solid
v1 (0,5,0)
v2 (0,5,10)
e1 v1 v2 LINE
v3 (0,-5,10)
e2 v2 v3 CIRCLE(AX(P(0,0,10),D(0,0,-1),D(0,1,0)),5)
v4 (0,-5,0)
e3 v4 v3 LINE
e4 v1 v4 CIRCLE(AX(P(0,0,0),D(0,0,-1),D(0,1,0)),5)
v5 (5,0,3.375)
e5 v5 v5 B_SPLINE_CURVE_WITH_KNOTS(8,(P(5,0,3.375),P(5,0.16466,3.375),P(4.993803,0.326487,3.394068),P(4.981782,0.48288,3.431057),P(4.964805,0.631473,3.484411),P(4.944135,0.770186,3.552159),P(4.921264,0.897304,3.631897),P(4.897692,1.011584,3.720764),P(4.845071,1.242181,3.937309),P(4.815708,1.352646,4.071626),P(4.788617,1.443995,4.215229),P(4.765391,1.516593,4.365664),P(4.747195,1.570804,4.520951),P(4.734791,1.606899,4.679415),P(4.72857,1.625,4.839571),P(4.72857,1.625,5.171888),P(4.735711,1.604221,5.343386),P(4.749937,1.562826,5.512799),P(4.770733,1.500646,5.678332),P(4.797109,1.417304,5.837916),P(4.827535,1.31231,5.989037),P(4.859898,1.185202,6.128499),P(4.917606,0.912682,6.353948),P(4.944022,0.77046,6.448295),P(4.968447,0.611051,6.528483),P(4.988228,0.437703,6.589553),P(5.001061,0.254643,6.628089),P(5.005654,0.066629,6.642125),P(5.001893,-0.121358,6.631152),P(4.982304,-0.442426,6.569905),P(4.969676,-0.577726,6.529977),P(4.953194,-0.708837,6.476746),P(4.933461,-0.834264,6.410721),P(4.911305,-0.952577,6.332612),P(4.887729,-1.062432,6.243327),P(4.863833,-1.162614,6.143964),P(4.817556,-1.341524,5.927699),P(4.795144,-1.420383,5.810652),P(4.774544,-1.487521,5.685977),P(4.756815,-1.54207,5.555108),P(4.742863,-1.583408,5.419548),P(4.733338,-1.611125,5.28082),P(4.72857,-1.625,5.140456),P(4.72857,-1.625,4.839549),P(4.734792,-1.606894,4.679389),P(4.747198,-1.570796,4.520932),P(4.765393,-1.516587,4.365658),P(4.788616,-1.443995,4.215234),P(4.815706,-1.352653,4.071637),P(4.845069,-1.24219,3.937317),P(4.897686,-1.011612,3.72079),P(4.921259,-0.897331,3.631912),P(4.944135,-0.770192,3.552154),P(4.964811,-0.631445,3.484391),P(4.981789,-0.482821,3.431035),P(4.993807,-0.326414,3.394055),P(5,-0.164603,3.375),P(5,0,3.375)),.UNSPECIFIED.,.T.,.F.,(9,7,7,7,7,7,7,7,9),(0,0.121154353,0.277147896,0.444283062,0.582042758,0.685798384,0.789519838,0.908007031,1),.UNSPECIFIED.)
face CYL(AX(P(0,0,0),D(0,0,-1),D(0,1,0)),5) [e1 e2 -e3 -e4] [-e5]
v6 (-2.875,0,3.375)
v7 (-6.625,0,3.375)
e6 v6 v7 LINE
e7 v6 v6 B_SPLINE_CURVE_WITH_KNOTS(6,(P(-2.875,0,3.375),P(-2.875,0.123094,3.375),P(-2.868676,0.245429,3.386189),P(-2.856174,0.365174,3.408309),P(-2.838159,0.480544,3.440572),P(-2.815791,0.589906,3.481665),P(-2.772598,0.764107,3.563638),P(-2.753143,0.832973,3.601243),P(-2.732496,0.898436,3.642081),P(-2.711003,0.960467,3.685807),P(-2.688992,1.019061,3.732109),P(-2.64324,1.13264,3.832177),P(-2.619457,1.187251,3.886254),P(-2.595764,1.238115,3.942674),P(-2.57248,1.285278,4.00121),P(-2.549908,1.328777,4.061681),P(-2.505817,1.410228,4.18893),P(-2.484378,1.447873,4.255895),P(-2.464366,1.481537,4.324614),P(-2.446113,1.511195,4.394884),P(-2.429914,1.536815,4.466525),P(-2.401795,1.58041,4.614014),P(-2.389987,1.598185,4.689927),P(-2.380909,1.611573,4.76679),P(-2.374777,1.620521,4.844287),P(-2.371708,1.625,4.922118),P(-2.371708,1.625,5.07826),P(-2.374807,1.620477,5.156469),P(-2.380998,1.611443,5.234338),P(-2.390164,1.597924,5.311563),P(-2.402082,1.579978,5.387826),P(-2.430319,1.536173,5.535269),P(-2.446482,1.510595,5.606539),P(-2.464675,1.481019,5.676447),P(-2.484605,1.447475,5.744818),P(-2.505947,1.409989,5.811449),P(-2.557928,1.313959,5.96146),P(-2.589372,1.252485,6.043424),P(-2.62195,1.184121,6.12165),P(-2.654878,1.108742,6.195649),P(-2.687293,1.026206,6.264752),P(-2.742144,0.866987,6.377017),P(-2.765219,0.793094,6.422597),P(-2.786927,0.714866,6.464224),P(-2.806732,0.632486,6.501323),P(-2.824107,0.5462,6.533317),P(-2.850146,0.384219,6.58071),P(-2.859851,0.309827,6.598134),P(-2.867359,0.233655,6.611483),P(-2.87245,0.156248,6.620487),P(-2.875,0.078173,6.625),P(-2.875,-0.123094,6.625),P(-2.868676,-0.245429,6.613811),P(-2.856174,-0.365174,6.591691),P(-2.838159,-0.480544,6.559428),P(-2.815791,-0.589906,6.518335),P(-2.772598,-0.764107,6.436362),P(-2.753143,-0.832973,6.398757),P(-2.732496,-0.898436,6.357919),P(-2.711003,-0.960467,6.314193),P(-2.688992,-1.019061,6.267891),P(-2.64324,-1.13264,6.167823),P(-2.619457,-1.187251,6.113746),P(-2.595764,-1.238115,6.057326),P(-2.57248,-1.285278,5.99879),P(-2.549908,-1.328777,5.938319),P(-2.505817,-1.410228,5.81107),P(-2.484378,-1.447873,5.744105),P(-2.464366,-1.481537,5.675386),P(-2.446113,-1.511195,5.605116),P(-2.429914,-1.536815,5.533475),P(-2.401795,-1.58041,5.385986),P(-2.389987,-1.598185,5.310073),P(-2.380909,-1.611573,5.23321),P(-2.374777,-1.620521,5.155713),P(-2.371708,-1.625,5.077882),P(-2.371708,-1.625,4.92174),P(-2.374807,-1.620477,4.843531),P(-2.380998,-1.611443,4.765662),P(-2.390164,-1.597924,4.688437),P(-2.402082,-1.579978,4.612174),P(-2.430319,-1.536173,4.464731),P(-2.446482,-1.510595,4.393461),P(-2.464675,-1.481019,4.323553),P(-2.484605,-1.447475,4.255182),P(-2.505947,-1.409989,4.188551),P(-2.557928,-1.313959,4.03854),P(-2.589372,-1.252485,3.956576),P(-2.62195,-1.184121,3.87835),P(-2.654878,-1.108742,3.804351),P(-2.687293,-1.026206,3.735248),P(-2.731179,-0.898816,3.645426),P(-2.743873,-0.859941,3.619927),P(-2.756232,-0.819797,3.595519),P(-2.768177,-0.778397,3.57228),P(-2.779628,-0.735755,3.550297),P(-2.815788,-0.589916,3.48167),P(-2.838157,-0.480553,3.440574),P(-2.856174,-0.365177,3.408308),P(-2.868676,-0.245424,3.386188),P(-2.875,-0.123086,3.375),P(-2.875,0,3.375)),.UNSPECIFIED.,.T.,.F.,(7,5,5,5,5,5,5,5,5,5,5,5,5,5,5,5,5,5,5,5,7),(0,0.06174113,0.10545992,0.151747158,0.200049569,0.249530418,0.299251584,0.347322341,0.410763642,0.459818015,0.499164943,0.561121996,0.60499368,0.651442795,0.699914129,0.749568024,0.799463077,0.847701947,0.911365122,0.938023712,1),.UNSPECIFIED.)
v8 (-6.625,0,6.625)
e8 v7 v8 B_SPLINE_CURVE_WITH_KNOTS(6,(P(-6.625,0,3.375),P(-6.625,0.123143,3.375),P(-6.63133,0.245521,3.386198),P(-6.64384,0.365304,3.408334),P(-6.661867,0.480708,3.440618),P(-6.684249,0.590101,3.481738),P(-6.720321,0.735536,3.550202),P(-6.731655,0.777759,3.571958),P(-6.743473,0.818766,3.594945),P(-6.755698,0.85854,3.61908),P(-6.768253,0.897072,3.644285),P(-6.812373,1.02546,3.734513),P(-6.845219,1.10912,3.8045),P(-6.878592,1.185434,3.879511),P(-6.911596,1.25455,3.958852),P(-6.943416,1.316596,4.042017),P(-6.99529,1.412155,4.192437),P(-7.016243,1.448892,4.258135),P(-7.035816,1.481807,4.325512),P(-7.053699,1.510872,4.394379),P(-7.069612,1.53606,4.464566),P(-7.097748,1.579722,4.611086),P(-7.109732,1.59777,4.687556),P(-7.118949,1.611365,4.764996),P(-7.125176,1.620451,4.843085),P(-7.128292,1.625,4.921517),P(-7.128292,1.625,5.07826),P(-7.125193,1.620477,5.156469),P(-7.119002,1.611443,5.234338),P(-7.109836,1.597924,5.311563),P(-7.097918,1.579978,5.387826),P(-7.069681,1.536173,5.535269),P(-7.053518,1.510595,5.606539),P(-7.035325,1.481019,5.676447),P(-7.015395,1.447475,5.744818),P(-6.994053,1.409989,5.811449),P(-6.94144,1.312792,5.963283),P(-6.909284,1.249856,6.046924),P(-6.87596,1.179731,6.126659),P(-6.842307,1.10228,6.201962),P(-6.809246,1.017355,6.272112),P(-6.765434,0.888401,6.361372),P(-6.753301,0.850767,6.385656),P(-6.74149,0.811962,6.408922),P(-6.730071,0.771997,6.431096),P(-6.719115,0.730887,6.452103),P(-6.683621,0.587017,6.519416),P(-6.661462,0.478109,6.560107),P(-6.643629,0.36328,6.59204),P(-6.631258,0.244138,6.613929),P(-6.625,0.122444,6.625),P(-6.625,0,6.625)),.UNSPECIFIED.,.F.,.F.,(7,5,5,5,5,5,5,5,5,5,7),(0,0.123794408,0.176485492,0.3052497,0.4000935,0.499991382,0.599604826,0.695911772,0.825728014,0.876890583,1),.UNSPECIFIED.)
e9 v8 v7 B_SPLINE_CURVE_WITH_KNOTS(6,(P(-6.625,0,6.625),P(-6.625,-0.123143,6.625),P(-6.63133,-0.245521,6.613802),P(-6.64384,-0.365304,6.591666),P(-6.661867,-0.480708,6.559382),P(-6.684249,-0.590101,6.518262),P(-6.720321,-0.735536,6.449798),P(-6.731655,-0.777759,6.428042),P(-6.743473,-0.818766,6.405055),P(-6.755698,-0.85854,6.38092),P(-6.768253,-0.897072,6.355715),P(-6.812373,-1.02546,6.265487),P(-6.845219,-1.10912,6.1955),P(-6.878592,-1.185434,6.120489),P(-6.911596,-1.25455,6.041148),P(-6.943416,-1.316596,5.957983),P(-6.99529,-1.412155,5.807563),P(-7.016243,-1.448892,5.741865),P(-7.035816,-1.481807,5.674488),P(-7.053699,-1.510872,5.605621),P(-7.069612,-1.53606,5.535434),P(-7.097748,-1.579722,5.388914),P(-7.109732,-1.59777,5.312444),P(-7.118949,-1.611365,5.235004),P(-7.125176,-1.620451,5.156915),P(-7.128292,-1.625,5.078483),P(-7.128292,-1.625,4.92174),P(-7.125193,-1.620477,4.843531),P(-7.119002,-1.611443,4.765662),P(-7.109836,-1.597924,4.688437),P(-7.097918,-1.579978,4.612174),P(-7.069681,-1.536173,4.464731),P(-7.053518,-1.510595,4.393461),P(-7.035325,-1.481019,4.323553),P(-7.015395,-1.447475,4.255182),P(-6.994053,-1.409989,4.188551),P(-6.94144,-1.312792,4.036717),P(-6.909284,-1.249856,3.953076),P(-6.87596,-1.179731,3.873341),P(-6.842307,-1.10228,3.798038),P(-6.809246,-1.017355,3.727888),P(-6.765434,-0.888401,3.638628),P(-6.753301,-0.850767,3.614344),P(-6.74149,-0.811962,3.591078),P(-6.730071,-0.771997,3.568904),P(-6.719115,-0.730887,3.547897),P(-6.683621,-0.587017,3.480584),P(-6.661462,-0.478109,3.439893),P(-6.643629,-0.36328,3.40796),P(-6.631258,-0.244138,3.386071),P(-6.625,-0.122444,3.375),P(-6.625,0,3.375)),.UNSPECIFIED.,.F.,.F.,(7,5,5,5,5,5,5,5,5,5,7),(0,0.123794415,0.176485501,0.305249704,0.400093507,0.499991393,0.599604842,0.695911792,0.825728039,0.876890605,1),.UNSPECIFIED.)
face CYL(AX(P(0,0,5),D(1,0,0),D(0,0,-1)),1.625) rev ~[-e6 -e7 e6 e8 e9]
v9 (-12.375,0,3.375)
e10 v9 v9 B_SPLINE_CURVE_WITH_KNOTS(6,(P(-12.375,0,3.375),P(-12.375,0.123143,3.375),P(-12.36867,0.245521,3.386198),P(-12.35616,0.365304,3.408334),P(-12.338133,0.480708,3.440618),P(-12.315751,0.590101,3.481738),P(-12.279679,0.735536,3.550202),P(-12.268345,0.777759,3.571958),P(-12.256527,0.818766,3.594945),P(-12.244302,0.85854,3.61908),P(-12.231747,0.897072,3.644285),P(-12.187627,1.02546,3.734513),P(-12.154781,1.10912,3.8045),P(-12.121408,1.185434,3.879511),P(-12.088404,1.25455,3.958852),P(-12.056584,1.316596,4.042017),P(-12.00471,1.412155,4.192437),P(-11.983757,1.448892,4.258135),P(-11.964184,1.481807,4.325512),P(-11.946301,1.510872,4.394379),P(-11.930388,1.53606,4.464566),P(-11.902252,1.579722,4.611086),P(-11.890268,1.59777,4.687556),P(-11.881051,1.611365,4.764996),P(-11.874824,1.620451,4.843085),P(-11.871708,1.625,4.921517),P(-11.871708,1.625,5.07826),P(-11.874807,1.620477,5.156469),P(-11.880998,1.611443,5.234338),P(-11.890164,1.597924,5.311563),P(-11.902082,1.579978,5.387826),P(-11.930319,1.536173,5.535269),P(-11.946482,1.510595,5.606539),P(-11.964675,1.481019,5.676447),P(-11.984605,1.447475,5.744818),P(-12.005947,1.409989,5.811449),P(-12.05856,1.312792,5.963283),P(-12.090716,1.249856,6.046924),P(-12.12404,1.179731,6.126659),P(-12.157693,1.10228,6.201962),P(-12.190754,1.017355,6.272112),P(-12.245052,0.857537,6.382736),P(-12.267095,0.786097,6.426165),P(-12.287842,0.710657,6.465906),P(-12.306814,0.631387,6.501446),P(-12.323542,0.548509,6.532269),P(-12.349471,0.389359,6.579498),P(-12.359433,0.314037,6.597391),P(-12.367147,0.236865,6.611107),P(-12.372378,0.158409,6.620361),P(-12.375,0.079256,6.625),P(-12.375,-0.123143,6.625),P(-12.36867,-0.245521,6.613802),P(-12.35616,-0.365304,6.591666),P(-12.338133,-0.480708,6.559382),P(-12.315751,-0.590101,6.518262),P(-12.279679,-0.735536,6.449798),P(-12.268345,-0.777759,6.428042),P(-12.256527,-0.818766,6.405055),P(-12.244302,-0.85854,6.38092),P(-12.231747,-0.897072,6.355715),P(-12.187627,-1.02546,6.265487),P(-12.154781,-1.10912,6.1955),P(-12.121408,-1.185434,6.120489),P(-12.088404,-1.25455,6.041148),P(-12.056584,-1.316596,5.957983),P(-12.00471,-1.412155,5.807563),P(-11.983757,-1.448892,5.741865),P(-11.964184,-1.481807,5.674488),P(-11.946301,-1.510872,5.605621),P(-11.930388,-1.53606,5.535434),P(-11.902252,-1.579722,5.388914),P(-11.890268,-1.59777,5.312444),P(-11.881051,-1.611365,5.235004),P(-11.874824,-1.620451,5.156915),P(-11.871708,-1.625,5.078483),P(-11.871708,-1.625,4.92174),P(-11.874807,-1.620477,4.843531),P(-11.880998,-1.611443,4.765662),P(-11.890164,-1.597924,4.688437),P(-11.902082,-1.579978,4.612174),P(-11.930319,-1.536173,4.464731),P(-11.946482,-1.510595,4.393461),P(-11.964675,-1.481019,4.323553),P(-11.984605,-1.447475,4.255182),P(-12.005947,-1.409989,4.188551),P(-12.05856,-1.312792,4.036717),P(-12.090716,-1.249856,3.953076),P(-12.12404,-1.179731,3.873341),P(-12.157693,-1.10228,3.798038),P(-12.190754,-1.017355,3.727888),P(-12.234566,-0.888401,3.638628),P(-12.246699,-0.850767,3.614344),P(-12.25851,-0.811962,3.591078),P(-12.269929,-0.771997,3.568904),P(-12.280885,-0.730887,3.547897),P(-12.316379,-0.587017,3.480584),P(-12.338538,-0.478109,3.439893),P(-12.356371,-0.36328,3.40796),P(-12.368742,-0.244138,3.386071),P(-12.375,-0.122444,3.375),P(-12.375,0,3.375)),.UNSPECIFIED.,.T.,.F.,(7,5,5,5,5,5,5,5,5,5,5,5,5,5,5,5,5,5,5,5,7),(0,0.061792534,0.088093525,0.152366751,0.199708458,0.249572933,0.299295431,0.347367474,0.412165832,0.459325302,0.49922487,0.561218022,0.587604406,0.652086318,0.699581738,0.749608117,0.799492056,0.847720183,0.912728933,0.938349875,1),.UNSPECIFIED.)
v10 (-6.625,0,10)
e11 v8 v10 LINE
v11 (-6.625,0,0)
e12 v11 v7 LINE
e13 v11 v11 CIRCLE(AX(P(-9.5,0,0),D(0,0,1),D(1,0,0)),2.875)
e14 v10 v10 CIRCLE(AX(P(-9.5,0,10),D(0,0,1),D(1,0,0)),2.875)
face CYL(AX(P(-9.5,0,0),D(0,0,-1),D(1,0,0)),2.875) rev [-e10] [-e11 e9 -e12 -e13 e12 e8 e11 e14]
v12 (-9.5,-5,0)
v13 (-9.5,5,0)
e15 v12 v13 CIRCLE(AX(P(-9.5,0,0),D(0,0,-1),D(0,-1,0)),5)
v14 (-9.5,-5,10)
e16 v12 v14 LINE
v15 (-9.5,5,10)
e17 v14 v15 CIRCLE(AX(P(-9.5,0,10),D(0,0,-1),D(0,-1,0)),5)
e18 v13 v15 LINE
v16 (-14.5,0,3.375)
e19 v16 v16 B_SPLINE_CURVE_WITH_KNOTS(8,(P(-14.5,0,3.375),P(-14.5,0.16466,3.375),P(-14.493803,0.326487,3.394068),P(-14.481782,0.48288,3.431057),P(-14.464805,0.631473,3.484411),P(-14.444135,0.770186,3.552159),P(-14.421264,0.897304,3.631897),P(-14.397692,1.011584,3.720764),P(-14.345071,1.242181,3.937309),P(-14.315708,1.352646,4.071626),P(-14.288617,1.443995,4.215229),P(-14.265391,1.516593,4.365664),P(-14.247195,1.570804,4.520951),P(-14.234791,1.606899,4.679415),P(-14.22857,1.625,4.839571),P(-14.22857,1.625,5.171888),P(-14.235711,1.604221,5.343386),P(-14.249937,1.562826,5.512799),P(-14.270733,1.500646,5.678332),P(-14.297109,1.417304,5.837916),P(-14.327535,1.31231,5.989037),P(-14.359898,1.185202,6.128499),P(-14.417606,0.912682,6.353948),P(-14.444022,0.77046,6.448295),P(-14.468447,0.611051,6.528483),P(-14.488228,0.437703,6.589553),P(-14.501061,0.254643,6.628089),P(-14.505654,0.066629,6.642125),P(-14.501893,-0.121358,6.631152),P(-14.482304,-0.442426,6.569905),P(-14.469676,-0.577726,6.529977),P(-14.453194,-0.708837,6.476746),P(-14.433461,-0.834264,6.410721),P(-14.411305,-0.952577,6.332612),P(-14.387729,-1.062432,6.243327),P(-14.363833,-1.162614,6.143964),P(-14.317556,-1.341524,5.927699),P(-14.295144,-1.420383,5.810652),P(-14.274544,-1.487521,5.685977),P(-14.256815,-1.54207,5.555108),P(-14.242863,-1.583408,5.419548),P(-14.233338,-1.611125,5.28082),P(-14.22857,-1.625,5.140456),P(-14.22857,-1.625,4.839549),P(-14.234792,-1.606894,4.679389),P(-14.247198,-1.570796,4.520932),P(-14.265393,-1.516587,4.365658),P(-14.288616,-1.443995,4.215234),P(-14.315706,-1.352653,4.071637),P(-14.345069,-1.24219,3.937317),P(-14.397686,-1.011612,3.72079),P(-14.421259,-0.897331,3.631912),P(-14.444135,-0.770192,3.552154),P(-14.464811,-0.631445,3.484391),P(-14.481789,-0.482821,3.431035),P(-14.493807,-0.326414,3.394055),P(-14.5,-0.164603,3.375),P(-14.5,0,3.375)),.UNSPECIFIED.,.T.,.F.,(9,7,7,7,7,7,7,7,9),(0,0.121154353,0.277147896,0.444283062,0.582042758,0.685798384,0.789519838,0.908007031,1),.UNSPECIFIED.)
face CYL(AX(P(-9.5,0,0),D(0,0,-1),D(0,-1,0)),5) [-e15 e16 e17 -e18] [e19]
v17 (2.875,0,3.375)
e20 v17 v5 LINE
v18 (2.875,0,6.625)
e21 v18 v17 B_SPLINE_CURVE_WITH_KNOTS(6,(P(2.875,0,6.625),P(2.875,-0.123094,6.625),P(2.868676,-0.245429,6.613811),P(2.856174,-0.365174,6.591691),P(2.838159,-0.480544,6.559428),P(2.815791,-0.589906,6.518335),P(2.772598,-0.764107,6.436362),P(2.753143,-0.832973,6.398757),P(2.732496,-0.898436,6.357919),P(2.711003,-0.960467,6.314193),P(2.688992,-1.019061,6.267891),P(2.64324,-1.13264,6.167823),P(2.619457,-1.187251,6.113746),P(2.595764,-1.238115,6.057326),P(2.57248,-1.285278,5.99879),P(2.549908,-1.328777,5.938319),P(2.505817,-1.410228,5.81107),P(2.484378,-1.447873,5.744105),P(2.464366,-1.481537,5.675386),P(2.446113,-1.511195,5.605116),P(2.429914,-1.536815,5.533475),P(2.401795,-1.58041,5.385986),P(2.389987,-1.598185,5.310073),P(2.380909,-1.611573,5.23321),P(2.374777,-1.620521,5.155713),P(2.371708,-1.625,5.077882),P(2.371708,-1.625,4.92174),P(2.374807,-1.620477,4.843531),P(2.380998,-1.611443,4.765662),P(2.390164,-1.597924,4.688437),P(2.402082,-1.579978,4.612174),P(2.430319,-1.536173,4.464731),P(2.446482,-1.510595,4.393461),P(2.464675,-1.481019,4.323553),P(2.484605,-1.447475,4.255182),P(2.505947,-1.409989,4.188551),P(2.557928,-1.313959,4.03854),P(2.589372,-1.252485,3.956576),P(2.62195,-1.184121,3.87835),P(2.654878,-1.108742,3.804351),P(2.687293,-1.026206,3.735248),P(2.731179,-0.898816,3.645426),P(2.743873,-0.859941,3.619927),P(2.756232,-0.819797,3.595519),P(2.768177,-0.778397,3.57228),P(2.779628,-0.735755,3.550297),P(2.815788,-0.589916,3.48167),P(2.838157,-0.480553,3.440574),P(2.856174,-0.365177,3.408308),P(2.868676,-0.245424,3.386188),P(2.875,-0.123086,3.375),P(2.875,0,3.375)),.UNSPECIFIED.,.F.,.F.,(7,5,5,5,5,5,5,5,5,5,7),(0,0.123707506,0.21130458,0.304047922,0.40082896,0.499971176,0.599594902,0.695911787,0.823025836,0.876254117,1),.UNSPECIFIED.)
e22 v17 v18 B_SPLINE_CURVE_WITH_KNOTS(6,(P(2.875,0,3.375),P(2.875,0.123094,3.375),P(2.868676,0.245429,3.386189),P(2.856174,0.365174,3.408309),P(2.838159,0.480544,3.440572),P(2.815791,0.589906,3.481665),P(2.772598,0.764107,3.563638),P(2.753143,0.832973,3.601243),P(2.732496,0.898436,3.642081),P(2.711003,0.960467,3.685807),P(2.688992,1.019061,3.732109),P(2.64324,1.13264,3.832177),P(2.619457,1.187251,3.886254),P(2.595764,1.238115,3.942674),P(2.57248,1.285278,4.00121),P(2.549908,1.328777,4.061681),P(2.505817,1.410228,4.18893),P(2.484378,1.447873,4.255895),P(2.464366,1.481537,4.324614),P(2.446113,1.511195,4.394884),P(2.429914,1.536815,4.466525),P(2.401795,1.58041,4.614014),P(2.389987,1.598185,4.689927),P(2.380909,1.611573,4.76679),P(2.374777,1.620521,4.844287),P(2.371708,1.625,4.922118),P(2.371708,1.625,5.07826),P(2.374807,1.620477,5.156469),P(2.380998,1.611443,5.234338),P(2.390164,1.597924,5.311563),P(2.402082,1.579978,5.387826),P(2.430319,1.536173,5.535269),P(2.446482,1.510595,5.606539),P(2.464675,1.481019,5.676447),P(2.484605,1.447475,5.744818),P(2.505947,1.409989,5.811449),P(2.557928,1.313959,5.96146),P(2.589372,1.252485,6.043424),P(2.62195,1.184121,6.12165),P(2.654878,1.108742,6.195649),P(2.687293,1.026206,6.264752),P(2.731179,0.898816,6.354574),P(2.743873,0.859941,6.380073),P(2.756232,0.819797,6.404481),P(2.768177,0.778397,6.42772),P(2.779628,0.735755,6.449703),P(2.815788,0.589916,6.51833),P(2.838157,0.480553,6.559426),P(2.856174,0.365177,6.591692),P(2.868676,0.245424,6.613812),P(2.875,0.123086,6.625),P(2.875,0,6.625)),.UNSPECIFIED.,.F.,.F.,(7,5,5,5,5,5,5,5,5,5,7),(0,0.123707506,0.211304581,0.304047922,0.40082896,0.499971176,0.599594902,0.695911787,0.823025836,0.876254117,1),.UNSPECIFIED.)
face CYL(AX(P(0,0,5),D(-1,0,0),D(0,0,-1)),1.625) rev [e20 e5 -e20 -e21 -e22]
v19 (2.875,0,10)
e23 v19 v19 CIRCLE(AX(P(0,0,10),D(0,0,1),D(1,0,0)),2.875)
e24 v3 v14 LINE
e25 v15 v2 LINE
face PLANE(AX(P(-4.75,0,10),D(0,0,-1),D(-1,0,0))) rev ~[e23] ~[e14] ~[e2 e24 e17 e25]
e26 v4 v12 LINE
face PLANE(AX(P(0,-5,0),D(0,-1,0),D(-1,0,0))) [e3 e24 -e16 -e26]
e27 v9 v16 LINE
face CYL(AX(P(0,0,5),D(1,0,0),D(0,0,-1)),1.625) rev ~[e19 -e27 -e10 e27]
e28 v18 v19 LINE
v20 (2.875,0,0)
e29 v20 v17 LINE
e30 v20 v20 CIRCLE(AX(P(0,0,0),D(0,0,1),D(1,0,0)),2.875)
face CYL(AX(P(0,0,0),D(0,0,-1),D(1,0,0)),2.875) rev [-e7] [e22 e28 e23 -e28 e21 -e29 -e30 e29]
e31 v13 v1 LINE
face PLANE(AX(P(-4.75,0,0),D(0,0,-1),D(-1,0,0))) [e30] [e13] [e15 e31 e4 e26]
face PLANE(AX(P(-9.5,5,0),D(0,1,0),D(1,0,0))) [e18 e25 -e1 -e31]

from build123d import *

# Parameters (mm, degrees)
SKETCH1_R               = 2.875
BOSS_EXTRUDE1_DEPTH     = 10
SKETCH2_R               = 1.625
CUT_EXTRUDE1_DEPTH      = 6
CUT_EXTRUDE1_DEPTH_BACK = 15.5


with BuildPart() as part:
    # Sketch1 → Boss-Extrude1 (new body)
    with BuildSketch(Plane.XY):
        with BuildLine():
            Line((0, -5), (-9.5, -5))
            ThreePointArc((-9.5, -5), (-14.5, 0), (-9.5, 5))
            Line((-9.5, 5), (0, 5))
            ThreePointArc((0, 5), (5, 0), (0, -5))
        make_face()
        Circle(SKETCH1_R, mode=Mode.SUBTRACT)
        with Locations((-9.5, 0)):
            Circle(SKETCH1_R, mode=Mode.SUBTRACT)
    extrude(amount=BOSS_EXTRUDE1_DEPTH)

    # Sketch2 → Cut-Extrude1 (cut, two sides)
    with BuildSketch(Plane(origin=(0, 0, 0), x_dir=(0, 0, -1), z_dir=(1, 0, 0))) as cut_extrude1_sk:
        with Locations((-5, 0)):
            Circle(SKETCH2_R)
    extrude(amount=CUT_EXTRUDE1_DEPTH, mode=Mode.SUBTRACT)
    extrude(cut_extrude1_sk.sketch, amount=-CUT_EXTRUDE1_DEPTH_BACK, mode=Mode.SUBTRACT)


solid = part.part
